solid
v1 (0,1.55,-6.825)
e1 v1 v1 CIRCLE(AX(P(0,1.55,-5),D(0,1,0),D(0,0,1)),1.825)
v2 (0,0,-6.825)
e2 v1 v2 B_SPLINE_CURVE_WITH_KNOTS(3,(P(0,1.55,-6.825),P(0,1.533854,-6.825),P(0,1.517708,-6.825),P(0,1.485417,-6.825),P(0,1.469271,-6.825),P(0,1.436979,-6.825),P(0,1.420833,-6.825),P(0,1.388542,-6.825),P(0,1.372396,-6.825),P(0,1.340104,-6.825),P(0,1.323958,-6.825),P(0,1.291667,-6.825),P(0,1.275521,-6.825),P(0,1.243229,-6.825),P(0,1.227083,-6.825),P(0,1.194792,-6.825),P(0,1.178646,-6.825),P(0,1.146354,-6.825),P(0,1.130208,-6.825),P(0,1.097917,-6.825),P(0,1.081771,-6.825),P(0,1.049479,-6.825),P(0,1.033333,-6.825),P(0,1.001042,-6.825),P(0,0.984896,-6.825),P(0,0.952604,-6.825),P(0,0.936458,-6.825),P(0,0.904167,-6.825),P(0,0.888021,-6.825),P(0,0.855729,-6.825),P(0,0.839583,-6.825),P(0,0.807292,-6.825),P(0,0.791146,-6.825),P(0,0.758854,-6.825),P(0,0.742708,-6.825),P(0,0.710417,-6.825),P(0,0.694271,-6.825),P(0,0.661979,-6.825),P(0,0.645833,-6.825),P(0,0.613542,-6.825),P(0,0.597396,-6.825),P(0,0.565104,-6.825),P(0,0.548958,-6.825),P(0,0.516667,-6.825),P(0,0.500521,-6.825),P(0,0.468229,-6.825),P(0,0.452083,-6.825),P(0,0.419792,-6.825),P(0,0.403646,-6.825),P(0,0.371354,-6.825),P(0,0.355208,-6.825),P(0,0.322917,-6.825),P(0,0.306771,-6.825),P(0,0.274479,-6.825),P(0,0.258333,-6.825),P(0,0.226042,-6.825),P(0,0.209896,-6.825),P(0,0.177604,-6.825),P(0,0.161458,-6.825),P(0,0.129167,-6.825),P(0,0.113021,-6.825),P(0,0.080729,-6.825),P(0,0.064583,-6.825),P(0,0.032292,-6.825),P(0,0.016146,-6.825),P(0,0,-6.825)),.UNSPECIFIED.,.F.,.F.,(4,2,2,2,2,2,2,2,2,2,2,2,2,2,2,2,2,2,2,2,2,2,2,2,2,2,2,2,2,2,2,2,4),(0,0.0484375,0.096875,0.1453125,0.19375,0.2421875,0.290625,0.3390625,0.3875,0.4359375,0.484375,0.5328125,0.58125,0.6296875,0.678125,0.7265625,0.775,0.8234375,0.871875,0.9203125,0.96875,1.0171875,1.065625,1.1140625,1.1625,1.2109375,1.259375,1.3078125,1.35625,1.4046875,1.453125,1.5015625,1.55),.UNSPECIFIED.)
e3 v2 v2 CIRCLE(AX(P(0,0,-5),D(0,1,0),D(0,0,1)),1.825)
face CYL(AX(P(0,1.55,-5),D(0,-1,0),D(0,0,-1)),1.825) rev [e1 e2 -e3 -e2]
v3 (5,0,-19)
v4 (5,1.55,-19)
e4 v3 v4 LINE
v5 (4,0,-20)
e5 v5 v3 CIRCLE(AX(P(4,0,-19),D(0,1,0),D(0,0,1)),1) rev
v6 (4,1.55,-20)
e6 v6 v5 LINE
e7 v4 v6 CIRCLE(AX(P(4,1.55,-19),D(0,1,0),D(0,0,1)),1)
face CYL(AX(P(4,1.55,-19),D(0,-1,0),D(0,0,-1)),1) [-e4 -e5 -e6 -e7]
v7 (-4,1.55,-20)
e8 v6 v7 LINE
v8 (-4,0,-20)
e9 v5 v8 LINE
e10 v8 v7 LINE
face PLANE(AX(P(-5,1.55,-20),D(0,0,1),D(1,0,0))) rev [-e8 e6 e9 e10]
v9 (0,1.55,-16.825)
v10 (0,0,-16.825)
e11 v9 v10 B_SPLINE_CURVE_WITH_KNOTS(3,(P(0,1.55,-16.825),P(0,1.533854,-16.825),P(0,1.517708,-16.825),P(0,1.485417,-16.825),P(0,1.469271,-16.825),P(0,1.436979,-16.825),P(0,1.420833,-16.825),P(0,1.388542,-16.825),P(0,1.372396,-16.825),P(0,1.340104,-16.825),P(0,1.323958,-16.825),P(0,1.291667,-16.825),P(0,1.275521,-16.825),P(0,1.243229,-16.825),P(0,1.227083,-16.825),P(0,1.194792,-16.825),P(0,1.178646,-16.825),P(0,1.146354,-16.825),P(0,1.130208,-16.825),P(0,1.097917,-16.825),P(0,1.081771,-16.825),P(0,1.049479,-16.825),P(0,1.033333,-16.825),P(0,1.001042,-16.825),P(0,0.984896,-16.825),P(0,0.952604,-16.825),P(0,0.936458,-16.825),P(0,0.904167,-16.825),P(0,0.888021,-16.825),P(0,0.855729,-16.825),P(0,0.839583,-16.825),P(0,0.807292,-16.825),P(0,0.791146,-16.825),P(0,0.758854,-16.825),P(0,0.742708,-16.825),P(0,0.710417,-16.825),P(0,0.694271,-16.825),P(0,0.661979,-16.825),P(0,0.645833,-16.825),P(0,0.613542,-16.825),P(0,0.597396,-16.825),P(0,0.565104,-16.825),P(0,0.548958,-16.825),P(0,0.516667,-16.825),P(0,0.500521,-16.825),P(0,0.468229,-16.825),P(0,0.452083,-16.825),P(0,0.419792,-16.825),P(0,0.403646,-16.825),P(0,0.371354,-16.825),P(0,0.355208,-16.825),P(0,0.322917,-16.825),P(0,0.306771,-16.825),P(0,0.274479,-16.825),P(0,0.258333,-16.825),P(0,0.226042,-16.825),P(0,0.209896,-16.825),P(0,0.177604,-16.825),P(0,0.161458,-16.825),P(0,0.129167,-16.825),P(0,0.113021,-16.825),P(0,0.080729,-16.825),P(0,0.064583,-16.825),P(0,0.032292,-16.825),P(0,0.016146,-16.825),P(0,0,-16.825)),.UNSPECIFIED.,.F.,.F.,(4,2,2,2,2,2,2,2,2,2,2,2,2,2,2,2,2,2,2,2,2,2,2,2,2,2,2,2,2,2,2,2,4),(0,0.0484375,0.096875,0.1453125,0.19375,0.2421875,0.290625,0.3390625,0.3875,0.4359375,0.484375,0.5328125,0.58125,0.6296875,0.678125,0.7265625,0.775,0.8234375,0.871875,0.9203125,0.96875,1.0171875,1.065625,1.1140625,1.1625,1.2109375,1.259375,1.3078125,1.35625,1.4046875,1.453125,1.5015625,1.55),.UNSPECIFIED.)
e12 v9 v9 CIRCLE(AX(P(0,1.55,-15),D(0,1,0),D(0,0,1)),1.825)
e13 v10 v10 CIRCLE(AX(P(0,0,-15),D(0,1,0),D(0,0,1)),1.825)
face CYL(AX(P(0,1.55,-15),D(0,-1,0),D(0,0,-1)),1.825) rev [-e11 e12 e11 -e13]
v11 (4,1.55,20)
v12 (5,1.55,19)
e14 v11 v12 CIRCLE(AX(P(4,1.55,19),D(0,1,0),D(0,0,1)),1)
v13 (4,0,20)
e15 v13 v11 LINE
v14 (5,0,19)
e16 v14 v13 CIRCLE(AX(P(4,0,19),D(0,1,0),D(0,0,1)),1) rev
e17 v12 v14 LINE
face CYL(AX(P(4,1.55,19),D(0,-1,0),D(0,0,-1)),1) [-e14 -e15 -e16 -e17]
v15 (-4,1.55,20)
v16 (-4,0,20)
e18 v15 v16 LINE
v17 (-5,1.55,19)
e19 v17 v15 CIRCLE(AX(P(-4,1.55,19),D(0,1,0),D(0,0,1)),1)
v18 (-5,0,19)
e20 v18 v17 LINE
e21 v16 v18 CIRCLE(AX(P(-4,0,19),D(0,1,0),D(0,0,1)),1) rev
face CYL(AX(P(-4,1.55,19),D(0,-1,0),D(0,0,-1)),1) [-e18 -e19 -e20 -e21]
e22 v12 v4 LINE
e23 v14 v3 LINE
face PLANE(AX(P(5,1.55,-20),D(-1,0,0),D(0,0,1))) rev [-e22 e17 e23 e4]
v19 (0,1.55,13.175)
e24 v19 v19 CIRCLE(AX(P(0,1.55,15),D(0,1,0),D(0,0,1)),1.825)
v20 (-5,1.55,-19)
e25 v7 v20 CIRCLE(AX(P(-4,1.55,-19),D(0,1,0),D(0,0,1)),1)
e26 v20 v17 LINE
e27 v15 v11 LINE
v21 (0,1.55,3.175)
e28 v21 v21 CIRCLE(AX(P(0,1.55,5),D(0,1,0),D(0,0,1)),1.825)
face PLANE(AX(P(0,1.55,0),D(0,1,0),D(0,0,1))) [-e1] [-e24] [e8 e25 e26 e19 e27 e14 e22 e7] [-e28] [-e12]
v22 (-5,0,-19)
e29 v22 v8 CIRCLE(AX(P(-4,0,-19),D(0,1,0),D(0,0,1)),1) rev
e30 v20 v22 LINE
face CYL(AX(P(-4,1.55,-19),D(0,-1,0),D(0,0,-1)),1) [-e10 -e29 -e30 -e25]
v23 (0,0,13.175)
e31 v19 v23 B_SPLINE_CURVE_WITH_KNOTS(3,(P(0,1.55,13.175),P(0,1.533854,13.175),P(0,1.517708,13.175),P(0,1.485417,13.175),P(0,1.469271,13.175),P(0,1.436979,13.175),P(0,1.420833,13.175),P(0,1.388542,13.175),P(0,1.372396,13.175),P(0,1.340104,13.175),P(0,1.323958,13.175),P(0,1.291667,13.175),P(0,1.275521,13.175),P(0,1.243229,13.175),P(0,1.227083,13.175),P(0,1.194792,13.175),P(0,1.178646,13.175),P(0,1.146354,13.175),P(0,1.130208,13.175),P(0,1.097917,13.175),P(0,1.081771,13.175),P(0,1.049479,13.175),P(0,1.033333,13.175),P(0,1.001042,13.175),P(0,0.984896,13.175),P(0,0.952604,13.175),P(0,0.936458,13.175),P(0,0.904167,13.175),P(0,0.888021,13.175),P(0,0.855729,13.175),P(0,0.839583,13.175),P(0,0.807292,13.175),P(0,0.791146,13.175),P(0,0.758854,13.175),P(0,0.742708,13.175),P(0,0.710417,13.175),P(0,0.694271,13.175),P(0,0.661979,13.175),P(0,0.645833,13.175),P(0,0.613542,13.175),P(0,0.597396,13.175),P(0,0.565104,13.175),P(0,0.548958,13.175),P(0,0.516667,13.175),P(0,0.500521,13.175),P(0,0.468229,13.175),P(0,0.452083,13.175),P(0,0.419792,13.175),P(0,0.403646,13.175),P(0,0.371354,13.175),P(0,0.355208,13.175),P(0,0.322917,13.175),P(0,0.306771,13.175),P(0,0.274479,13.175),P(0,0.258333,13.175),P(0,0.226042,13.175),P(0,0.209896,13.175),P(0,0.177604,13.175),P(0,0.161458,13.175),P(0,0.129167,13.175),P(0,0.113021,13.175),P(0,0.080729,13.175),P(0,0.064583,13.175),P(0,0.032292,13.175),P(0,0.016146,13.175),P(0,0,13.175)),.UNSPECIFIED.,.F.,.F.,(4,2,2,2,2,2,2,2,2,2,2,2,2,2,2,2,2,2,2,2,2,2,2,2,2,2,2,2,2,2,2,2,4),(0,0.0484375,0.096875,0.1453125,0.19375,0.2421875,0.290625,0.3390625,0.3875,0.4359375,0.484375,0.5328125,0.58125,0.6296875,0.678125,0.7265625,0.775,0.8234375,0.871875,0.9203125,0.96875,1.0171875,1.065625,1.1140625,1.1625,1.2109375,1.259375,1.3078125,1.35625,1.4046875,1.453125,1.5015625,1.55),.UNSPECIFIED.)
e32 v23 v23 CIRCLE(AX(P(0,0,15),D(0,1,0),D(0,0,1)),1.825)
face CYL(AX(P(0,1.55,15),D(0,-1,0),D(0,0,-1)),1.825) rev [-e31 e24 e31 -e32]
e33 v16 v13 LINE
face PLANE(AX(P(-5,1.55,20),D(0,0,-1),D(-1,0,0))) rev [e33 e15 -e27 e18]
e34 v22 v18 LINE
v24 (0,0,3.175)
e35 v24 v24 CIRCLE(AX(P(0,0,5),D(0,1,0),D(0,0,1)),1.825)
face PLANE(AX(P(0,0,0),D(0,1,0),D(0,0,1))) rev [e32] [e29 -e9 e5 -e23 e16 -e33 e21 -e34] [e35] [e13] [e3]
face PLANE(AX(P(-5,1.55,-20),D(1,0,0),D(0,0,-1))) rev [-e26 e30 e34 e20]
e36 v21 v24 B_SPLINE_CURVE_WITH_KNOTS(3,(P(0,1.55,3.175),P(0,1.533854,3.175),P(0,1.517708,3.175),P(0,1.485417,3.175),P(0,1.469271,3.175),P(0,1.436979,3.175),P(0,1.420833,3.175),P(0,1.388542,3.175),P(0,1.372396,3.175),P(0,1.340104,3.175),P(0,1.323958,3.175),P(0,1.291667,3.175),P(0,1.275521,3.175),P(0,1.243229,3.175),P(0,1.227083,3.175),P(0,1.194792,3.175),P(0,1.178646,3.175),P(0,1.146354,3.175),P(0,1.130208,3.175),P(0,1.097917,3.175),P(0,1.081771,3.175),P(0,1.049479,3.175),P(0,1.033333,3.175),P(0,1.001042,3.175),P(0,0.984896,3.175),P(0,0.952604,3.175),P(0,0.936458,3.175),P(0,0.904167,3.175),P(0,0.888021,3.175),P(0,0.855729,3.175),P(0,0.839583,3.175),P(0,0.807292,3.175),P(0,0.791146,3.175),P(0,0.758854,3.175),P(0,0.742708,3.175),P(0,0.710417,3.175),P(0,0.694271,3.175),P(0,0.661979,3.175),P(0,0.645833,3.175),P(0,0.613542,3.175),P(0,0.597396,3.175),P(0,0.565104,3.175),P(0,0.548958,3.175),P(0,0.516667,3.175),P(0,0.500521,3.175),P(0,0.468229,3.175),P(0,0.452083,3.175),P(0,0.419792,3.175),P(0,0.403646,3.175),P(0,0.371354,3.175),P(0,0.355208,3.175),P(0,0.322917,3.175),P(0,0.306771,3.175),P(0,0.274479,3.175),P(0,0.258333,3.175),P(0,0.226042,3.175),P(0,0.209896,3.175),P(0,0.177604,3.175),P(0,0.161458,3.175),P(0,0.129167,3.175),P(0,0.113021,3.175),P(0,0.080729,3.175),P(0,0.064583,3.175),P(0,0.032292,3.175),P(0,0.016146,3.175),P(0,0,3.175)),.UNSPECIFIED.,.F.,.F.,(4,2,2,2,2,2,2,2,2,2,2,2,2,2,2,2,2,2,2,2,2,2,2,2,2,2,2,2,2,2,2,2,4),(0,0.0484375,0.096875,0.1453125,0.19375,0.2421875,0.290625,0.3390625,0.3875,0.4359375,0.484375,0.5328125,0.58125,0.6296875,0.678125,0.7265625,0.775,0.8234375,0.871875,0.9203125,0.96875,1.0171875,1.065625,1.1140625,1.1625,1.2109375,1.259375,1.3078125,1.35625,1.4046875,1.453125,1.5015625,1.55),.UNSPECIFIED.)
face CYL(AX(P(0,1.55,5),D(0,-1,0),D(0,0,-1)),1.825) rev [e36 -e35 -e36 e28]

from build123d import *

# Parameters (mm, degrees)
SKETCH1_W           = 10
SKETCH1_H           = 40
SKETCH1_R           = 1.825
BOSS_EXTRUDE1_DEPTH = 1.55
FILLET1_R           = 1


with BuildPart() as part:
    # Sketch1 → Boss-Extrude1 (new body)
    with BuildSketch(Plane(origin=(0, 0, 0), x_dir=(1, 0, 0), z_dir=(0, 1, 0))):
        Rectangle(SKETCH1_W, SKETCH1_H)
        with Locations(Location((0, 15, 0), (0, 0, 90))):
            Circle(SKETCH1_R, mode=Mode.SUBTRACT)
        with Locations(Location((0, 5, 0), (0, 0, 90))):
            Circle(SKETCH1_R, mode=Mode.SUBTRACT)
        with Locations(Location((0, -5, 0), (0, 0, 90))):
            Circle(SKETCH1_R, mode=Mode.SUBTRACT)
        with Locations(Location((0, -15, 0), (0, 0, 90))):
            Circle(SKETCH1_R, mode=Mode.SUBTRACT)
    extrude(amount=BOSS_EXTRUDE1_DEPTH)

    # Fillet1
    fillet1_edges = [part.edges().sort_by_distance(p)[0] for p in [
        (5, 0.775, 20),
        (-5, 0.775, 20),
        (-5, 0.775, -20),
        (5, 0.775, -20),
    ]]
    fillet(fillet1_edges, radius=FILLET1_R)


solid = part.part
